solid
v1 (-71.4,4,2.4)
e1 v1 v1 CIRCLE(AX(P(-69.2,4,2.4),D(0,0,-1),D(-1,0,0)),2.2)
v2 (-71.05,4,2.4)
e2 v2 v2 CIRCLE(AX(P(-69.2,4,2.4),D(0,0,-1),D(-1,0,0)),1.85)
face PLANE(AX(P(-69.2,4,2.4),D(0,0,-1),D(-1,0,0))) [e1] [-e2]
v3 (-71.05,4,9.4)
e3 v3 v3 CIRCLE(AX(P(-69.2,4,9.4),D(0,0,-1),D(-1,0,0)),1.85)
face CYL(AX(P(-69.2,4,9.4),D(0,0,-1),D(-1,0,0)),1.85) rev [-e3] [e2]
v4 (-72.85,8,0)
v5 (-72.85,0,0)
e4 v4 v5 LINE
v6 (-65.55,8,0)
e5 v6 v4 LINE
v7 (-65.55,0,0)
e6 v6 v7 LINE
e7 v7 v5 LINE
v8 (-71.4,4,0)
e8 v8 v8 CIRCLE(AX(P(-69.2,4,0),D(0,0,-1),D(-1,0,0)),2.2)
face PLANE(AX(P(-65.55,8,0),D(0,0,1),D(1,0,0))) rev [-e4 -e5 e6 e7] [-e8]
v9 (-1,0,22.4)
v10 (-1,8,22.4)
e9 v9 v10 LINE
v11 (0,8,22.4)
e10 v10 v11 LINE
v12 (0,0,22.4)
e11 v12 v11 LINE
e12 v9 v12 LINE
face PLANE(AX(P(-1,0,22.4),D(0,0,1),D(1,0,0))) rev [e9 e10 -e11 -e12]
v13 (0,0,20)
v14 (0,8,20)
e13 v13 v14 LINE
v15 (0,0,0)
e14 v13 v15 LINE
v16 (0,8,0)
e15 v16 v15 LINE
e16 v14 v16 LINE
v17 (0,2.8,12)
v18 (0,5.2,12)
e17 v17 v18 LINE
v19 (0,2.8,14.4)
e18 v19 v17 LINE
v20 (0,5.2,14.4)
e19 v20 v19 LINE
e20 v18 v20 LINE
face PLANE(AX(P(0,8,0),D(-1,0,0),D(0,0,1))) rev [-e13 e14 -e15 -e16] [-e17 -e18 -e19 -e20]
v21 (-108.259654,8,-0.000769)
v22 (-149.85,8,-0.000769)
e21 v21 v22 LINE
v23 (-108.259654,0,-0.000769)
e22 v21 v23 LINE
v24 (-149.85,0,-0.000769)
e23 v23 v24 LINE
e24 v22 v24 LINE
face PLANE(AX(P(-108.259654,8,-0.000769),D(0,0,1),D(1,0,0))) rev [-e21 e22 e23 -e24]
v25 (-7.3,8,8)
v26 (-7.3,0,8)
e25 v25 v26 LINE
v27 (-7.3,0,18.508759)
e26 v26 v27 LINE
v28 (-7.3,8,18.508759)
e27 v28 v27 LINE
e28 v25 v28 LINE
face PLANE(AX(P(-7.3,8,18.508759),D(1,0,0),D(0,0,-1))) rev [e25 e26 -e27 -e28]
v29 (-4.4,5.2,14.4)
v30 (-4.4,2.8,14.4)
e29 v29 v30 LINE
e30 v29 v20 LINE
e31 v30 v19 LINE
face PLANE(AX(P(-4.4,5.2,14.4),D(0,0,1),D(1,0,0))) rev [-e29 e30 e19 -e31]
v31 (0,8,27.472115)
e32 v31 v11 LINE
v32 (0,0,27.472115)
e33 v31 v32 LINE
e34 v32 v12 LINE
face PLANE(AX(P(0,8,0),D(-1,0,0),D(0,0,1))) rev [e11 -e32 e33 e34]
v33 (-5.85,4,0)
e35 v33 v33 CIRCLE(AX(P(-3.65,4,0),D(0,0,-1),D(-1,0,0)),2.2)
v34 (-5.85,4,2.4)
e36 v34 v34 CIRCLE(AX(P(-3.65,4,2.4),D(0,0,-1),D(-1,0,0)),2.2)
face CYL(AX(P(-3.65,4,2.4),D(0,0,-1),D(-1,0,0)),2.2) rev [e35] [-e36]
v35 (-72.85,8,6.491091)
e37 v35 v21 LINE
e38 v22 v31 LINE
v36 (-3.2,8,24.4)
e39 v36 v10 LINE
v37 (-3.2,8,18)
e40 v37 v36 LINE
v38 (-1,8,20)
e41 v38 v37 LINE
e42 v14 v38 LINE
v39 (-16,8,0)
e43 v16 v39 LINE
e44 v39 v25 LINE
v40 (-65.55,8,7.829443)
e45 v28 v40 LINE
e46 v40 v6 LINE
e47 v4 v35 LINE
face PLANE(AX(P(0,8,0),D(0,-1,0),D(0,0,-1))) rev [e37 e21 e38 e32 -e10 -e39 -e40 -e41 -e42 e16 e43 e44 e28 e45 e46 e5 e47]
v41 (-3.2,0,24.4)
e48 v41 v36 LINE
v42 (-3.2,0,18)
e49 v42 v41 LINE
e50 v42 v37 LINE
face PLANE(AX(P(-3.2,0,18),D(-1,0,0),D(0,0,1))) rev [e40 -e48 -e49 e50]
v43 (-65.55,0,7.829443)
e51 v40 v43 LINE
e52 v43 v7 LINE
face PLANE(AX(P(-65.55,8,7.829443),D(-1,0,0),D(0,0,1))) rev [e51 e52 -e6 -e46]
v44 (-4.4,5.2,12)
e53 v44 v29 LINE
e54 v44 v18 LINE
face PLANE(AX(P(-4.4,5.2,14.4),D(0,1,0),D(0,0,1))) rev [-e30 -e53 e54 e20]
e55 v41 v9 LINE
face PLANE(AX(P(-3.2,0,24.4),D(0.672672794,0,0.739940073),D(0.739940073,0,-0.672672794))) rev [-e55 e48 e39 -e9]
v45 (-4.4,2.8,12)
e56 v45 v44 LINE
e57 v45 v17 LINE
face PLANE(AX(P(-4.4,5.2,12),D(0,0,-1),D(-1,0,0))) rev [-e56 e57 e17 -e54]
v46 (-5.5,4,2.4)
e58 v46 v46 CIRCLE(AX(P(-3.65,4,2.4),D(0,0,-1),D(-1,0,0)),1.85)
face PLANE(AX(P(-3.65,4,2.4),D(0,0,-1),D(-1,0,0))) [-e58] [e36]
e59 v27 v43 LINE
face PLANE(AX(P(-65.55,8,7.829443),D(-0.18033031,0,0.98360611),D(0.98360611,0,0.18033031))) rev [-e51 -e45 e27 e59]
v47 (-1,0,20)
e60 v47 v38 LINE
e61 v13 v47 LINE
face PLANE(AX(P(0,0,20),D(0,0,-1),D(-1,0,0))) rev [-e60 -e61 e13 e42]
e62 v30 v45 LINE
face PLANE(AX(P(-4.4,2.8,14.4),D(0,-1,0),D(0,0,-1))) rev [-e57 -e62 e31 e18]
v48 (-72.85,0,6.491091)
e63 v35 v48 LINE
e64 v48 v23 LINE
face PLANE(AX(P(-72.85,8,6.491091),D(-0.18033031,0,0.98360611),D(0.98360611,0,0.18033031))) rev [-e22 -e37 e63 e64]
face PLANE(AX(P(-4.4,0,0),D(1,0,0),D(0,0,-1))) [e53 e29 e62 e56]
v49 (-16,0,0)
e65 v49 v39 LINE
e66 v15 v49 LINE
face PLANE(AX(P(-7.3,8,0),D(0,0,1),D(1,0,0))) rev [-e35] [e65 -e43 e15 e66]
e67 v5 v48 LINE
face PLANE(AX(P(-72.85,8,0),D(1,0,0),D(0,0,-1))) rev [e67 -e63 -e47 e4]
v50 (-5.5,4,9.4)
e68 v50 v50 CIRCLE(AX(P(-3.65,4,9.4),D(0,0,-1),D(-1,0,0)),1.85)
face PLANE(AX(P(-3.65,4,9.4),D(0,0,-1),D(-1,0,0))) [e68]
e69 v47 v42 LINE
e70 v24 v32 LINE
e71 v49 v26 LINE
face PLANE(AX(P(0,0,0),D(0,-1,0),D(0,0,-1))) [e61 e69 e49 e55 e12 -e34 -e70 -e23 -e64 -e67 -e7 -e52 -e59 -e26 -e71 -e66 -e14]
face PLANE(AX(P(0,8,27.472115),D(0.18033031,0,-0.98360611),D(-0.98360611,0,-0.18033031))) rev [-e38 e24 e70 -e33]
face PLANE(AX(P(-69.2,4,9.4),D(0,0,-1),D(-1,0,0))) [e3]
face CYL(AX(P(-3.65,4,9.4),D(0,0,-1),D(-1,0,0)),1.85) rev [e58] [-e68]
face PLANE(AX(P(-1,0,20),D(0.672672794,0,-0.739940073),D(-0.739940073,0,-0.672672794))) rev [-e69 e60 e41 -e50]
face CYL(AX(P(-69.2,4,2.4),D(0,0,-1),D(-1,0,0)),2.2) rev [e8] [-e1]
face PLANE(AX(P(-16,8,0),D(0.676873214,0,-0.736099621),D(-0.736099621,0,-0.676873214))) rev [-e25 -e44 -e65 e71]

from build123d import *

# Parameters (mm, degrees)
P_IDAT_VYSUNUT_M1_DEPTH  = 8
ODEBRAT_VYSUNUT_M1_DEPTH = 153.557332159
SKICA5_W                 = 16
SKICA5_H                 = 8
P_IDAT_VYSUNUT_M2_DEPTH  = 8
ODEBRAT_VYSUNUT_M4_DEPTH = 153.557332159
SKICA4_W                 = 2.4
SKICA4_H                 = 2.4
ODEBRAT_VYSUNUT_M2_DEPTH = 4.4
SKICA9_R                 = 2.2
ODEBRAT_VYSUNUT_M5_DEPTH = 2.4
SKICA10_R                = 1.85
ODEBRAT_VYSUNUT_M6_DEPTH = 7


with BuildPart() as part:
    # Skica2 → Přidat vysunutím1 (new body)
    with BuildSketch(Plane(origin=(0, 0, 0), x_dir=(1, 0, 0), z_dir=(0, 1, 0))):
        Polygon((0, 0), (0, -27.47211487), (-149.85, 0.000769495), (-108.259653873, 0.000769495), (-72.85, -6.491091207), (-72.85, 0), (-65.55, 0), (-65.55, -7.829443265), (-7.3, -18.508759343), (-7.3, 0), align=None)
    extrude(amount=P_IDAT_VYSUNUT_M1_DEPTH)

    # Skica3 → Odebrat vysunutím1 (cut, through all)
    with BuildSketch(Plane(origin=(0, 8, 0), x_dir=(1, 0, 0), z_dir=(0, 1, 0))):
        Polygon((0, -20), (-1, -20), (-3.2, -18), (-3.2, -24.4), (-1, -22.4), (0, -22.4), align=None)
    extrude(amount=-ODEBRAT_VYSUNUT_M1_DEPTH, mode=Mode.SUBTRACT)

    # Skica5 → Přidat vysunutím2 (add)
    with BuildSketch(Plane(origin=(0, 8, 0), x_dir=(1, 0, 0), z_dir=(0, 1, 0))):
        with Locations((-8, -4)):
            Rectangle(SKICA5_W, SKICA5_H)
    extrude(amount=-P_IDAT_VYSUNUT_M2_DEPTH)

    # Skica7 → Odebrat vysunutím4 (cut, through all)
    with BuildSketch(Plane.XZ):
        Polygon((-7.3, 8), (-16, 8), (-16, 0), align=None)
    extrude(amount=-ODEBRAT_VYSUNUT_M4_DEPTH, mode=Mode.SUBTRACT)

    # Skica4 → Odebrat vysunutím2 (cut)
    with BuildSketch(Plane(origin=(0, 0, 0), x_dir=(0, 0, -1), z_dir=(1, 0, 0))):
        with Locations((-13.2, 4)):
            Rectangle(SKICA4_W, SKICA4_H)
    extrude(amount=-ODEBRAT_VYSUNUT_M2_DEPTH, mode=Mode.SUBTRACT)

    # Skica9 → Odebrat vysunutím5 (cut)
    with BuildSketch(Plane(origin=(0, 0, 0), x_dir=(-1, 0, 0), z_dir=(0, 0, -1))):
        with Locations((3.65, 4)):
            Circle(SKICA9_R)
        with Locations((69.2, 4)):
            Circle(SKICA9_R)
    extrude(amount=-ODEBRAT_VYSUNUT_M5_DEPTH, mode=Mode.SUBTRACT)

    # Skica10 → Odebrat vysunutím6 (cut)
    with BuildSketch(Plane(origin=(0, 0, 2.4), x_dir=(-1, 0, 0), z_dir=(0, 0, -1))):
        with Locations((3.65, 4)):
            Circle(SKICA10_R)
        with Locations((69.2, 4)):
            Circle(SKICA10_R)
    extrude(amount=-ODEBRAT_VYSUNUT_M6_DEPTH, mode=Mode.SUBTRACT)


solid = part.part
